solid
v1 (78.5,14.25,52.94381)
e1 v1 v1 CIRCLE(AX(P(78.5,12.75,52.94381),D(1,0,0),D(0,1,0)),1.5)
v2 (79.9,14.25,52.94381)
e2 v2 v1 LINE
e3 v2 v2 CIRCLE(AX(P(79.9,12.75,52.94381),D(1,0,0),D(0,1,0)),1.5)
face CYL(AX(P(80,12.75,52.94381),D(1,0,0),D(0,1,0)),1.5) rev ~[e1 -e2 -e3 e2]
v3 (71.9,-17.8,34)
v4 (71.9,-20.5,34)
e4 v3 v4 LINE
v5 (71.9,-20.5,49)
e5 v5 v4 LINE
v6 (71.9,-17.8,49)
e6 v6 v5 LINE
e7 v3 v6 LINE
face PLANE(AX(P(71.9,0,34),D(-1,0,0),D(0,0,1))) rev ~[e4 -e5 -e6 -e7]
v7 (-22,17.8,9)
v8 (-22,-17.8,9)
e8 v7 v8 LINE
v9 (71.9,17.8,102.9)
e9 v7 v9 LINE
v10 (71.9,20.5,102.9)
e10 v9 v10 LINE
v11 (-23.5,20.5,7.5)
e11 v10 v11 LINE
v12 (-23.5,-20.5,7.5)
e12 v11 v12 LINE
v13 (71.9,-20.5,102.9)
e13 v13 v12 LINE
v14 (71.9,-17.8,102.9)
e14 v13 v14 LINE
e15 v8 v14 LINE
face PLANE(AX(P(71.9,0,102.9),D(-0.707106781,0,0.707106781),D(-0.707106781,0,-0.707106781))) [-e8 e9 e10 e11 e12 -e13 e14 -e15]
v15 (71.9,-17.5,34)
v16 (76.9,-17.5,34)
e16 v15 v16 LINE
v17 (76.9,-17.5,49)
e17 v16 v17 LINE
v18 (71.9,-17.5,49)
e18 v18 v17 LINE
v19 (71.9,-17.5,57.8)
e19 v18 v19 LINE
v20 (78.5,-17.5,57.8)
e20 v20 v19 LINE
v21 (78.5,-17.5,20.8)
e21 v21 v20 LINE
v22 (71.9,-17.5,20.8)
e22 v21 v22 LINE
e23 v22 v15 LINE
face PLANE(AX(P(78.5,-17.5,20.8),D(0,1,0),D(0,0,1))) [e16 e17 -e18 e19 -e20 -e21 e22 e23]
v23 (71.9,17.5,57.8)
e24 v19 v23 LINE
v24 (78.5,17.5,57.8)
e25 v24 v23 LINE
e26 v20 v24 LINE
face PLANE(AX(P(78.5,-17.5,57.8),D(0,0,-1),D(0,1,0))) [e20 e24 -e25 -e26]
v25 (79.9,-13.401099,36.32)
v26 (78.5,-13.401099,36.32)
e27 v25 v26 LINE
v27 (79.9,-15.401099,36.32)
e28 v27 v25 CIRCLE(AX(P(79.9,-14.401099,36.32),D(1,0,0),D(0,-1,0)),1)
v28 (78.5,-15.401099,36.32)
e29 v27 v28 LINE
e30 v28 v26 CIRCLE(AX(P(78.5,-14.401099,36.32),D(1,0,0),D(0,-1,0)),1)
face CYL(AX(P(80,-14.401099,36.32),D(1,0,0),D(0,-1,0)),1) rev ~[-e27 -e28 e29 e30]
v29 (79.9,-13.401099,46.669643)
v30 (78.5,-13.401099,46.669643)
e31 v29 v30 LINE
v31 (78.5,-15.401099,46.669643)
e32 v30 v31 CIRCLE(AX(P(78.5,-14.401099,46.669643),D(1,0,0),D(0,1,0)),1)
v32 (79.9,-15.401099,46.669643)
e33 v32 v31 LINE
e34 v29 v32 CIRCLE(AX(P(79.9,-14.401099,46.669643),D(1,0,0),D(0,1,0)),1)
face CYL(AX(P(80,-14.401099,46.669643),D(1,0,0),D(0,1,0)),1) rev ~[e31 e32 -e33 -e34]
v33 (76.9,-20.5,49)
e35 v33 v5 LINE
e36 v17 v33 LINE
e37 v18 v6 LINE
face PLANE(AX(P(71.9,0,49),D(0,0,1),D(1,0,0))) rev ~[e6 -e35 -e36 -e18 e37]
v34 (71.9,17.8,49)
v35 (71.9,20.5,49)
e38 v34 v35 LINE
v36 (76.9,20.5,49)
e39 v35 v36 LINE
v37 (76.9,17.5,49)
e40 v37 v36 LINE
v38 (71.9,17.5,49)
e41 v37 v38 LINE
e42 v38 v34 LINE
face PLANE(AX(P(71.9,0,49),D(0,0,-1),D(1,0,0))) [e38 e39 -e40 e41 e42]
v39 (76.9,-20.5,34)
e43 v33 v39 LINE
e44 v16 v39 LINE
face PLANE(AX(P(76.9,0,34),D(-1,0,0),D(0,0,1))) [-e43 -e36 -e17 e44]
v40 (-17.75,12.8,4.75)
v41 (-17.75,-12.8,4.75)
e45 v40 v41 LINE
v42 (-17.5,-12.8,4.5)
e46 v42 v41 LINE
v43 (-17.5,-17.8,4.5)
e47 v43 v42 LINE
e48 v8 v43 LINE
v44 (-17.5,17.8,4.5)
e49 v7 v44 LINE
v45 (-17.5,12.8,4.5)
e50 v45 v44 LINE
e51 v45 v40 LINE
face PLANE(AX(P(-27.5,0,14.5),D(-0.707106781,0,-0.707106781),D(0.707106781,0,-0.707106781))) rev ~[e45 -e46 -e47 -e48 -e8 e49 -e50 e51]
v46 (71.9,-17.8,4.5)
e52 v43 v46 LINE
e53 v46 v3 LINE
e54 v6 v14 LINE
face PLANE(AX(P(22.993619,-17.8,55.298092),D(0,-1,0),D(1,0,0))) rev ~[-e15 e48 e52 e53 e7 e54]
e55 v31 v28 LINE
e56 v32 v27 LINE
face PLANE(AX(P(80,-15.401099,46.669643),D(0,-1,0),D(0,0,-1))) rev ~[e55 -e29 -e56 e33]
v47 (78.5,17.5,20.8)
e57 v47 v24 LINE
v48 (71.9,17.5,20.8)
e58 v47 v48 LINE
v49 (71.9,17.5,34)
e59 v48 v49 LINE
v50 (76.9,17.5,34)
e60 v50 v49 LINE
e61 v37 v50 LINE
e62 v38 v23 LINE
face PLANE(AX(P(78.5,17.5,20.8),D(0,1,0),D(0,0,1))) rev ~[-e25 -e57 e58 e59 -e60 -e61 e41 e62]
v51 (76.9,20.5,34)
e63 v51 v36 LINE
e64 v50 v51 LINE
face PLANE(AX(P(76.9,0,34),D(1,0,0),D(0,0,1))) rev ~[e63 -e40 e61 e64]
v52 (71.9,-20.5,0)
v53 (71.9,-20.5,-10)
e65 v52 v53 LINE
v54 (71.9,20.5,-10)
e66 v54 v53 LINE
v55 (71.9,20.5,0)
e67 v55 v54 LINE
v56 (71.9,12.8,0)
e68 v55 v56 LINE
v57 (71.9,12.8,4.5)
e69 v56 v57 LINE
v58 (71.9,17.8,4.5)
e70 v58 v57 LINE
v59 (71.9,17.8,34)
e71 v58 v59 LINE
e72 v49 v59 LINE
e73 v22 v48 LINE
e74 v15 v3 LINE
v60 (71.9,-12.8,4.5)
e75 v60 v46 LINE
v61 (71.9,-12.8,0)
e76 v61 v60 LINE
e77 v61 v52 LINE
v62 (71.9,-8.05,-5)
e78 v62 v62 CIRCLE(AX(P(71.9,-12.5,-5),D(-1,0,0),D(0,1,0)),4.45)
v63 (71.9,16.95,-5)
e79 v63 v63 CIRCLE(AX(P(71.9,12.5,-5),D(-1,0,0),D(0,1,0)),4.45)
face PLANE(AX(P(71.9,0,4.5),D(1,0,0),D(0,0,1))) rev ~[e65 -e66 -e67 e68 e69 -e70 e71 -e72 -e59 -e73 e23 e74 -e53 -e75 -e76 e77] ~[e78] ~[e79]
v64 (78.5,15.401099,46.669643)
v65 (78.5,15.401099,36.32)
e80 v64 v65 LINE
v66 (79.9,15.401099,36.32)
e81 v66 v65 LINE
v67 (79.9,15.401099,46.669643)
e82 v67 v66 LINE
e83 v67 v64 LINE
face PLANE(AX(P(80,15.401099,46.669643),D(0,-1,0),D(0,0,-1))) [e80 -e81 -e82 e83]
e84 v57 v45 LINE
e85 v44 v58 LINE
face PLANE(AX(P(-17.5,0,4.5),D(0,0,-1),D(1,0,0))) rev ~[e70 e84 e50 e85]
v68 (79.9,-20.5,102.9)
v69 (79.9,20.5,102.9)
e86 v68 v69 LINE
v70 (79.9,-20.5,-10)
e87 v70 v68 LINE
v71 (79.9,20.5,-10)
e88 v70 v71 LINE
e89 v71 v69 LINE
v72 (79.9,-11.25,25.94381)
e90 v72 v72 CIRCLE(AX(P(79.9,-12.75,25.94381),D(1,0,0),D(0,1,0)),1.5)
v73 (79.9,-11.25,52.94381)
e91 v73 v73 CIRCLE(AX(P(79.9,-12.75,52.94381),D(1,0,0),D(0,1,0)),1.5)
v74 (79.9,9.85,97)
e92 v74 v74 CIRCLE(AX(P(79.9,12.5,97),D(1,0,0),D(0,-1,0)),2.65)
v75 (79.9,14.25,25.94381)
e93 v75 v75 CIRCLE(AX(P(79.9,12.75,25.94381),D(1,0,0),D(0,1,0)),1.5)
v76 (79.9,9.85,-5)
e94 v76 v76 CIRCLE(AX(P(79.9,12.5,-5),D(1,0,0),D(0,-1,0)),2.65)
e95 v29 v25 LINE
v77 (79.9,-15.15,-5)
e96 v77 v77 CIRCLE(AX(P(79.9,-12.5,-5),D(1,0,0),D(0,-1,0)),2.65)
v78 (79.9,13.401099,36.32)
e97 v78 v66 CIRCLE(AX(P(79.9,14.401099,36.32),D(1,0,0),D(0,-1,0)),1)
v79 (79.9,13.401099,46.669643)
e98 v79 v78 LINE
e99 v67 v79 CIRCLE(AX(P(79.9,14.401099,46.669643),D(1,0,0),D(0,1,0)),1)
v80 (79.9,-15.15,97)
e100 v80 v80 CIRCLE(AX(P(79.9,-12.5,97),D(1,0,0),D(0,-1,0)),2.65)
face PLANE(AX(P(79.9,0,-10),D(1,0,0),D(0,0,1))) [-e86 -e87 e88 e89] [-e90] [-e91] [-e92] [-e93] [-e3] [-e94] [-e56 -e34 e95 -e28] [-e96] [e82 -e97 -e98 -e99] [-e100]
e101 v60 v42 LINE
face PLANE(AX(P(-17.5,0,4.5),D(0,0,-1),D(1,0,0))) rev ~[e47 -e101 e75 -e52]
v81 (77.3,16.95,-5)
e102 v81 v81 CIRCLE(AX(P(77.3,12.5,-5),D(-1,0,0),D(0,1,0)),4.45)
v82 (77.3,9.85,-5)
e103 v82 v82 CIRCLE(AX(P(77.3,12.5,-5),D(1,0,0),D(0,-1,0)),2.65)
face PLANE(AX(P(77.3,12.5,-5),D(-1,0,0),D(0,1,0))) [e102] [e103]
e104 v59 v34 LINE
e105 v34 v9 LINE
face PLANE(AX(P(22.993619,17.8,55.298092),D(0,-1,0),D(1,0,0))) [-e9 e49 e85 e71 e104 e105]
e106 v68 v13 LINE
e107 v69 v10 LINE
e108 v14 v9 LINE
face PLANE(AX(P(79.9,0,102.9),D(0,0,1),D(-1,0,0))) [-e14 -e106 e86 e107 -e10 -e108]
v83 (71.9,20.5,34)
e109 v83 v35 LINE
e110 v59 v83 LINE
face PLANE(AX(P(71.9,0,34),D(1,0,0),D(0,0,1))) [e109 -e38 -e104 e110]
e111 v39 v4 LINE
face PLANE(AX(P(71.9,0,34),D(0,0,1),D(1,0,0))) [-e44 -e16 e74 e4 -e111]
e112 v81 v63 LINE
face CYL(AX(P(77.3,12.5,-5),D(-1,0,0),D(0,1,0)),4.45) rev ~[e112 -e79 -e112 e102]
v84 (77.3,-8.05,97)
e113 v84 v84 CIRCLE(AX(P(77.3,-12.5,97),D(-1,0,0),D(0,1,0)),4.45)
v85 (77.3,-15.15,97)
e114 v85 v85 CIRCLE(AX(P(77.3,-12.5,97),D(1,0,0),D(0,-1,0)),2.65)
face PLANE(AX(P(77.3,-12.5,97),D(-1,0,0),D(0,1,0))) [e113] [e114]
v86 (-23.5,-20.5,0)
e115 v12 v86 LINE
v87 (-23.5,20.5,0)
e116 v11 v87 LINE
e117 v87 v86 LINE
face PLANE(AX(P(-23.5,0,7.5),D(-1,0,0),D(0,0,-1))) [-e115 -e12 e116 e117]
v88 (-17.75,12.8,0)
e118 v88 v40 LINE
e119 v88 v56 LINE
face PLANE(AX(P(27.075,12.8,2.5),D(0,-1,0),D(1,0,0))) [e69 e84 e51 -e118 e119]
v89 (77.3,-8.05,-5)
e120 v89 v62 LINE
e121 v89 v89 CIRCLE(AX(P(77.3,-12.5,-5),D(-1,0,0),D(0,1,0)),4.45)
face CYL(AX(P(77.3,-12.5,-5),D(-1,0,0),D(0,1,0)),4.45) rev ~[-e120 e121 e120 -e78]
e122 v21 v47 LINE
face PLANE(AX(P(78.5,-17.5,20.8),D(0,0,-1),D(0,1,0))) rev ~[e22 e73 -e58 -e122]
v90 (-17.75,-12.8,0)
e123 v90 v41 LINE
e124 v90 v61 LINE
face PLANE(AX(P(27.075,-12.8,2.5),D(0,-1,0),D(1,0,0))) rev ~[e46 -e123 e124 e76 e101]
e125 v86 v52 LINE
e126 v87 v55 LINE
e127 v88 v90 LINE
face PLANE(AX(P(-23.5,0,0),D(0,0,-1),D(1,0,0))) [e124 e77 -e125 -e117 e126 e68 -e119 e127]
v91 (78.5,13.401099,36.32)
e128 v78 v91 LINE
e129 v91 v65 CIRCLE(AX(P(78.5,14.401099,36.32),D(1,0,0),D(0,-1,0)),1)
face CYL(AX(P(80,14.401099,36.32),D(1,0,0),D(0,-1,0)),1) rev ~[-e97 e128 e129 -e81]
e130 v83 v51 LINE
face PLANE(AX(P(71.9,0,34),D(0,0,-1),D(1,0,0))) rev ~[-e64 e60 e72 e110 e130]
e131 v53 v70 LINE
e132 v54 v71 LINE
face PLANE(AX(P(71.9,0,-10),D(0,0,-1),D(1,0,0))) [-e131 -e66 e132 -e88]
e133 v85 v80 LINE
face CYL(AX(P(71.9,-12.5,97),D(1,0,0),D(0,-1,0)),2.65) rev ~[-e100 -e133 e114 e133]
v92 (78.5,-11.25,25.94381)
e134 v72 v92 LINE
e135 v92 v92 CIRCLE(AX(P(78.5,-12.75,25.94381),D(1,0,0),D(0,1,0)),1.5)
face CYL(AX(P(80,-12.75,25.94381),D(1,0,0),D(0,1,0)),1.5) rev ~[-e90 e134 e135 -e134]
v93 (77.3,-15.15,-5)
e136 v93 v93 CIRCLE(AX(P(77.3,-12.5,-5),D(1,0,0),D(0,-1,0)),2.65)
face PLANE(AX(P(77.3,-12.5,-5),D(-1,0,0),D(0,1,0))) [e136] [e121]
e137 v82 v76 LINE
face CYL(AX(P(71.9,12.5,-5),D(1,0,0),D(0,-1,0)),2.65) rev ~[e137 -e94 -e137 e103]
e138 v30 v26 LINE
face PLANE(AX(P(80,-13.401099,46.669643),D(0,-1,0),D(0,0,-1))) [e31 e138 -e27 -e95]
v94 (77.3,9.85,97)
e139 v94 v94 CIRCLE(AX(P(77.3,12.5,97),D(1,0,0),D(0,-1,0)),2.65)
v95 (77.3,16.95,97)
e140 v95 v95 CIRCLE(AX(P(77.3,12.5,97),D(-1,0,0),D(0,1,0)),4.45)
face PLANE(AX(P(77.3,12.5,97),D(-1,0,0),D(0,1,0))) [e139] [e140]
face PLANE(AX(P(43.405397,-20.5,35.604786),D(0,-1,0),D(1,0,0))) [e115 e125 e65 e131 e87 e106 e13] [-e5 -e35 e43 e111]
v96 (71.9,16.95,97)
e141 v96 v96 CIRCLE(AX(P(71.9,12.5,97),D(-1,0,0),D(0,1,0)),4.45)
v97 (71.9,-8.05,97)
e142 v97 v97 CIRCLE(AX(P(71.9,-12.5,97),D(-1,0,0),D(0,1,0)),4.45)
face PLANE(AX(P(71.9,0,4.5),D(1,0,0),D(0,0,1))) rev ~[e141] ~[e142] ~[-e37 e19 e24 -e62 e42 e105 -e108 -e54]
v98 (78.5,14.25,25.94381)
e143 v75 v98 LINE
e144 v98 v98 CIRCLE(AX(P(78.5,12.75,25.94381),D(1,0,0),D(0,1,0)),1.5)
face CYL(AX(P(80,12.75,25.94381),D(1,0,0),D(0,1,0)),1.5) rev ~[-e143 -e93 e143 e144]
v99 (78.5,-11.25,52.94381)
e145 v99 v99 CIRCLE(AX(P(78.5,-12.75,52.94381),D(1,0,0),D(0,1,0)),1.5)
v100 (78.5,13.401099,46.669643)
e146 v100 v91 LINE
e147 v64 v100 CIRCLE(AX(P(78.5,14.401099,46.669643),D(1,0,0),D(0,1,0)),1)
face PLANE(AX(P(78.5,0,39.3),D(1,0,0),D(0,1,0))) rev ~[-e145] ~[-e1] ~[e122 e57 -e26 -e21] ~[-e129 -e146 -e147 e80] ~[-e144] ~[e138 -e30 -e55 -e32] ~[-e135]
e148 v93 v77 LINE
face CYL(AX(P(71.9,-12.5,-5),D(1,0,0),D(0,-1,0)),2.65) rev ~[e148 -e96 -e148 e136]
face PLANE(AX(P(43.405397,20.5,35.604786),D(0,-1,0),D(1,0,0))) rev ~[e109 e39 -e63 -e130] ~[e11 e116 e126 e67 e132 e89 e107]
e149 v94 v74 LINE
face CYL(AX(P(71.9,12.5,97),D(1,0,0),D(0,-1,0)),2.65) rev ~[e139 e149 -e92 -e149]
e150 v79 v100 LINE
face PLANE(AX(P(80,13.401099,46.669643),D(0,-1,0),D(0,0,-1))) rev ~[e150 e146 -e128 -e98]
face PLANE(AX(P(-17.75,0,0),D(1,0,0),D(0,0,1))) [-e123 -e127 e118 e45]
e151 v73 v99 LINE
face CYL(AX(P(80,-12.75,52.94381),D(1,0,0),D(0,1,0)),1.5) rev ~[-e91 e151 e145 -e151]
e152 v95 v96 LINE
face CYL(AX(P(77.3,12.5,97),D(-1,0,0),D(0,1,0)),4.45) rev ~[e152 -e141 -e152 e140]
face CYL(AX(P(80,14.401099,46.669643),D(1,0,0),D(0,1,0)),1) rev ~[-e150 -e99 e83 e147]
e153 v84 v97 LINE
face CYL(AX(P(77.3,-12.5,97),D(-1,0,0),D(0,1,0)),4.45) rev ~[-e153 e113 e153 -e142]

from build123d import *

# Parameters (mm, degrees)
PAD001_DEPTH         = 20.5
POCKET_DEPTH         = 17.8
SKETCH020_W          = 89.65
SKETCH020_H          = 5
POCKET002_DEPTH      = 12.8
HOLE006_D            = 5.3
HOLE006_CBORE_D      = 8.9
HOLE006_CBORE_DEPTH  = 5.4
SKETCH032_W          = 35
SKETCH032_H          = 37
POCKET010_DEPTH      = 102.001
SKETCH033_W          = 5
SKETCH033_H          = 15
POCKET011_DEPTH      = 20.501
POCKET011_DEPTH_BACK = 20.501
SKETCH034_R          = 1.5
POCKET012_DEPTH      = 103.501


with BuildPart() as part:
    # Sketch018 → Pad001 (new body, symmetric)
    with BuildSketch(Plane.XZ):
        Polygon((71.9, 102.9), (-23.5, 7.5), (-23.5, 0), (71.9, 0), (71.9, -10), (79.9, -10), (79.9, 102.9), align=None)
    extrude(amount=PAD001_DEPTH, both=True)

    # Sketch019 → Pocket (cut, symmetric)
    with BuildSketch(Plane.XZ):
        Polygon((-17.5, 4.5), (71.9, 4.5), (71.9, 104.5), (-27.5, 104.5), (-27.5, 14.5), align=None)
    extrude(amount=POCKET_DEPTH, both=True, mode=Mode.SUBTRACT)

    # Sketch020 → Pocket002 (cut, symmetric)
    with BuildSketch(Plane.XZ):
        with Locations((27.075, 2.5)):
            Rectangle(SKETCH020_W, SKETCH020_H)
    extrude(amount=POCKET002_DEPTH, both=True, mode=Mode.SUBTRACT)

    # Hole006 (through all)
    with Locations(Plane(origin=(71.9, 0, 0), x_dir=(0, 1, 0), z_dir=(-1, 0, 0))):
        with Locations((-12.5, -97), (12.5, -97), (-12.5, 5), (12.5, 5)):
            CounterBoreHole(HOLE006_D / 2, HOLE006_CBORE_D / 2, HOLE006_CBORE_DEPTH)

    # Sketch032 → Pocket010 (cut, through all)
    with BuildSketch(Plane.YZ.offset(78.5)):
        with Locations((0, 39.3)):
            Rectangle(SKETCH032_W, SKETCH032_H)
    extrude(amount=-POCKET010_DEPTH, mode=Mode.SUBTRACT)

    # Sketch033 → Pocket011 (cut, two sides)
    with BuildSketch(Plane.XZ) as pocket011_sk:
        with Locations((74.4, 41.5)):
            Rectangle(SKETCH033_W, SKETCH033_H)
    extrude(amount=-POCKET011_DEPTH, mode=Mode.SUBTRACT)
    extrude(pocket011_sk.sketch, amount=POCKET011_DEPTH_BACK, mode=Mode.SUBTRACT)

    # Sketch034 → Pocket012 (cut, through all)
    with BuildSketch(Plane.YZ.offset(80)):
        with Locations((-12.75, 52.94381)):
            Circle(SKETCH034_R)
        with Locations((12.75, 52.94381)):
            Circle(SKETCH034_R)
        with Locations((12.75, 25.94381)):
            Circle(SKETCH034_R)
        with Locations((-12.75, 25.94381)):
            Circle(SKETCH034_R)
        with BuildLine():
            ThreePointArc((-13.401099, 46.669643), (-14.401099, 47.669643), (-15.401099, 46.669643))
            Line((-15.401099, 46.669643), (-15.401099, 36.32))
            ThreePointArc((-15.401099, 36.32), (-14.401099, 35.32), (-13.401099, 36.32))
            Line((-13.401099, 46.669643), (-13.401099, 36.32))
        make_face()
        with BuildLine():
            ThreePointArc((15.401099, 46.669643), (14.401099, 47.669643), (13.401099, 46.669643))
            Line((13.401099, 46.669643), (13.401099, 36.32))
            ThreePointArc((13.401099, 36.32), (14.401099, 35.32), (15.401099, 36.32))
            Line((15.401099, 46.669643), (15.401099, 36.32))
        make_face()
    extrude(amount=-POCKET012_DEPTH, mode=Mode.SUBTRACT)


solid = part.part
